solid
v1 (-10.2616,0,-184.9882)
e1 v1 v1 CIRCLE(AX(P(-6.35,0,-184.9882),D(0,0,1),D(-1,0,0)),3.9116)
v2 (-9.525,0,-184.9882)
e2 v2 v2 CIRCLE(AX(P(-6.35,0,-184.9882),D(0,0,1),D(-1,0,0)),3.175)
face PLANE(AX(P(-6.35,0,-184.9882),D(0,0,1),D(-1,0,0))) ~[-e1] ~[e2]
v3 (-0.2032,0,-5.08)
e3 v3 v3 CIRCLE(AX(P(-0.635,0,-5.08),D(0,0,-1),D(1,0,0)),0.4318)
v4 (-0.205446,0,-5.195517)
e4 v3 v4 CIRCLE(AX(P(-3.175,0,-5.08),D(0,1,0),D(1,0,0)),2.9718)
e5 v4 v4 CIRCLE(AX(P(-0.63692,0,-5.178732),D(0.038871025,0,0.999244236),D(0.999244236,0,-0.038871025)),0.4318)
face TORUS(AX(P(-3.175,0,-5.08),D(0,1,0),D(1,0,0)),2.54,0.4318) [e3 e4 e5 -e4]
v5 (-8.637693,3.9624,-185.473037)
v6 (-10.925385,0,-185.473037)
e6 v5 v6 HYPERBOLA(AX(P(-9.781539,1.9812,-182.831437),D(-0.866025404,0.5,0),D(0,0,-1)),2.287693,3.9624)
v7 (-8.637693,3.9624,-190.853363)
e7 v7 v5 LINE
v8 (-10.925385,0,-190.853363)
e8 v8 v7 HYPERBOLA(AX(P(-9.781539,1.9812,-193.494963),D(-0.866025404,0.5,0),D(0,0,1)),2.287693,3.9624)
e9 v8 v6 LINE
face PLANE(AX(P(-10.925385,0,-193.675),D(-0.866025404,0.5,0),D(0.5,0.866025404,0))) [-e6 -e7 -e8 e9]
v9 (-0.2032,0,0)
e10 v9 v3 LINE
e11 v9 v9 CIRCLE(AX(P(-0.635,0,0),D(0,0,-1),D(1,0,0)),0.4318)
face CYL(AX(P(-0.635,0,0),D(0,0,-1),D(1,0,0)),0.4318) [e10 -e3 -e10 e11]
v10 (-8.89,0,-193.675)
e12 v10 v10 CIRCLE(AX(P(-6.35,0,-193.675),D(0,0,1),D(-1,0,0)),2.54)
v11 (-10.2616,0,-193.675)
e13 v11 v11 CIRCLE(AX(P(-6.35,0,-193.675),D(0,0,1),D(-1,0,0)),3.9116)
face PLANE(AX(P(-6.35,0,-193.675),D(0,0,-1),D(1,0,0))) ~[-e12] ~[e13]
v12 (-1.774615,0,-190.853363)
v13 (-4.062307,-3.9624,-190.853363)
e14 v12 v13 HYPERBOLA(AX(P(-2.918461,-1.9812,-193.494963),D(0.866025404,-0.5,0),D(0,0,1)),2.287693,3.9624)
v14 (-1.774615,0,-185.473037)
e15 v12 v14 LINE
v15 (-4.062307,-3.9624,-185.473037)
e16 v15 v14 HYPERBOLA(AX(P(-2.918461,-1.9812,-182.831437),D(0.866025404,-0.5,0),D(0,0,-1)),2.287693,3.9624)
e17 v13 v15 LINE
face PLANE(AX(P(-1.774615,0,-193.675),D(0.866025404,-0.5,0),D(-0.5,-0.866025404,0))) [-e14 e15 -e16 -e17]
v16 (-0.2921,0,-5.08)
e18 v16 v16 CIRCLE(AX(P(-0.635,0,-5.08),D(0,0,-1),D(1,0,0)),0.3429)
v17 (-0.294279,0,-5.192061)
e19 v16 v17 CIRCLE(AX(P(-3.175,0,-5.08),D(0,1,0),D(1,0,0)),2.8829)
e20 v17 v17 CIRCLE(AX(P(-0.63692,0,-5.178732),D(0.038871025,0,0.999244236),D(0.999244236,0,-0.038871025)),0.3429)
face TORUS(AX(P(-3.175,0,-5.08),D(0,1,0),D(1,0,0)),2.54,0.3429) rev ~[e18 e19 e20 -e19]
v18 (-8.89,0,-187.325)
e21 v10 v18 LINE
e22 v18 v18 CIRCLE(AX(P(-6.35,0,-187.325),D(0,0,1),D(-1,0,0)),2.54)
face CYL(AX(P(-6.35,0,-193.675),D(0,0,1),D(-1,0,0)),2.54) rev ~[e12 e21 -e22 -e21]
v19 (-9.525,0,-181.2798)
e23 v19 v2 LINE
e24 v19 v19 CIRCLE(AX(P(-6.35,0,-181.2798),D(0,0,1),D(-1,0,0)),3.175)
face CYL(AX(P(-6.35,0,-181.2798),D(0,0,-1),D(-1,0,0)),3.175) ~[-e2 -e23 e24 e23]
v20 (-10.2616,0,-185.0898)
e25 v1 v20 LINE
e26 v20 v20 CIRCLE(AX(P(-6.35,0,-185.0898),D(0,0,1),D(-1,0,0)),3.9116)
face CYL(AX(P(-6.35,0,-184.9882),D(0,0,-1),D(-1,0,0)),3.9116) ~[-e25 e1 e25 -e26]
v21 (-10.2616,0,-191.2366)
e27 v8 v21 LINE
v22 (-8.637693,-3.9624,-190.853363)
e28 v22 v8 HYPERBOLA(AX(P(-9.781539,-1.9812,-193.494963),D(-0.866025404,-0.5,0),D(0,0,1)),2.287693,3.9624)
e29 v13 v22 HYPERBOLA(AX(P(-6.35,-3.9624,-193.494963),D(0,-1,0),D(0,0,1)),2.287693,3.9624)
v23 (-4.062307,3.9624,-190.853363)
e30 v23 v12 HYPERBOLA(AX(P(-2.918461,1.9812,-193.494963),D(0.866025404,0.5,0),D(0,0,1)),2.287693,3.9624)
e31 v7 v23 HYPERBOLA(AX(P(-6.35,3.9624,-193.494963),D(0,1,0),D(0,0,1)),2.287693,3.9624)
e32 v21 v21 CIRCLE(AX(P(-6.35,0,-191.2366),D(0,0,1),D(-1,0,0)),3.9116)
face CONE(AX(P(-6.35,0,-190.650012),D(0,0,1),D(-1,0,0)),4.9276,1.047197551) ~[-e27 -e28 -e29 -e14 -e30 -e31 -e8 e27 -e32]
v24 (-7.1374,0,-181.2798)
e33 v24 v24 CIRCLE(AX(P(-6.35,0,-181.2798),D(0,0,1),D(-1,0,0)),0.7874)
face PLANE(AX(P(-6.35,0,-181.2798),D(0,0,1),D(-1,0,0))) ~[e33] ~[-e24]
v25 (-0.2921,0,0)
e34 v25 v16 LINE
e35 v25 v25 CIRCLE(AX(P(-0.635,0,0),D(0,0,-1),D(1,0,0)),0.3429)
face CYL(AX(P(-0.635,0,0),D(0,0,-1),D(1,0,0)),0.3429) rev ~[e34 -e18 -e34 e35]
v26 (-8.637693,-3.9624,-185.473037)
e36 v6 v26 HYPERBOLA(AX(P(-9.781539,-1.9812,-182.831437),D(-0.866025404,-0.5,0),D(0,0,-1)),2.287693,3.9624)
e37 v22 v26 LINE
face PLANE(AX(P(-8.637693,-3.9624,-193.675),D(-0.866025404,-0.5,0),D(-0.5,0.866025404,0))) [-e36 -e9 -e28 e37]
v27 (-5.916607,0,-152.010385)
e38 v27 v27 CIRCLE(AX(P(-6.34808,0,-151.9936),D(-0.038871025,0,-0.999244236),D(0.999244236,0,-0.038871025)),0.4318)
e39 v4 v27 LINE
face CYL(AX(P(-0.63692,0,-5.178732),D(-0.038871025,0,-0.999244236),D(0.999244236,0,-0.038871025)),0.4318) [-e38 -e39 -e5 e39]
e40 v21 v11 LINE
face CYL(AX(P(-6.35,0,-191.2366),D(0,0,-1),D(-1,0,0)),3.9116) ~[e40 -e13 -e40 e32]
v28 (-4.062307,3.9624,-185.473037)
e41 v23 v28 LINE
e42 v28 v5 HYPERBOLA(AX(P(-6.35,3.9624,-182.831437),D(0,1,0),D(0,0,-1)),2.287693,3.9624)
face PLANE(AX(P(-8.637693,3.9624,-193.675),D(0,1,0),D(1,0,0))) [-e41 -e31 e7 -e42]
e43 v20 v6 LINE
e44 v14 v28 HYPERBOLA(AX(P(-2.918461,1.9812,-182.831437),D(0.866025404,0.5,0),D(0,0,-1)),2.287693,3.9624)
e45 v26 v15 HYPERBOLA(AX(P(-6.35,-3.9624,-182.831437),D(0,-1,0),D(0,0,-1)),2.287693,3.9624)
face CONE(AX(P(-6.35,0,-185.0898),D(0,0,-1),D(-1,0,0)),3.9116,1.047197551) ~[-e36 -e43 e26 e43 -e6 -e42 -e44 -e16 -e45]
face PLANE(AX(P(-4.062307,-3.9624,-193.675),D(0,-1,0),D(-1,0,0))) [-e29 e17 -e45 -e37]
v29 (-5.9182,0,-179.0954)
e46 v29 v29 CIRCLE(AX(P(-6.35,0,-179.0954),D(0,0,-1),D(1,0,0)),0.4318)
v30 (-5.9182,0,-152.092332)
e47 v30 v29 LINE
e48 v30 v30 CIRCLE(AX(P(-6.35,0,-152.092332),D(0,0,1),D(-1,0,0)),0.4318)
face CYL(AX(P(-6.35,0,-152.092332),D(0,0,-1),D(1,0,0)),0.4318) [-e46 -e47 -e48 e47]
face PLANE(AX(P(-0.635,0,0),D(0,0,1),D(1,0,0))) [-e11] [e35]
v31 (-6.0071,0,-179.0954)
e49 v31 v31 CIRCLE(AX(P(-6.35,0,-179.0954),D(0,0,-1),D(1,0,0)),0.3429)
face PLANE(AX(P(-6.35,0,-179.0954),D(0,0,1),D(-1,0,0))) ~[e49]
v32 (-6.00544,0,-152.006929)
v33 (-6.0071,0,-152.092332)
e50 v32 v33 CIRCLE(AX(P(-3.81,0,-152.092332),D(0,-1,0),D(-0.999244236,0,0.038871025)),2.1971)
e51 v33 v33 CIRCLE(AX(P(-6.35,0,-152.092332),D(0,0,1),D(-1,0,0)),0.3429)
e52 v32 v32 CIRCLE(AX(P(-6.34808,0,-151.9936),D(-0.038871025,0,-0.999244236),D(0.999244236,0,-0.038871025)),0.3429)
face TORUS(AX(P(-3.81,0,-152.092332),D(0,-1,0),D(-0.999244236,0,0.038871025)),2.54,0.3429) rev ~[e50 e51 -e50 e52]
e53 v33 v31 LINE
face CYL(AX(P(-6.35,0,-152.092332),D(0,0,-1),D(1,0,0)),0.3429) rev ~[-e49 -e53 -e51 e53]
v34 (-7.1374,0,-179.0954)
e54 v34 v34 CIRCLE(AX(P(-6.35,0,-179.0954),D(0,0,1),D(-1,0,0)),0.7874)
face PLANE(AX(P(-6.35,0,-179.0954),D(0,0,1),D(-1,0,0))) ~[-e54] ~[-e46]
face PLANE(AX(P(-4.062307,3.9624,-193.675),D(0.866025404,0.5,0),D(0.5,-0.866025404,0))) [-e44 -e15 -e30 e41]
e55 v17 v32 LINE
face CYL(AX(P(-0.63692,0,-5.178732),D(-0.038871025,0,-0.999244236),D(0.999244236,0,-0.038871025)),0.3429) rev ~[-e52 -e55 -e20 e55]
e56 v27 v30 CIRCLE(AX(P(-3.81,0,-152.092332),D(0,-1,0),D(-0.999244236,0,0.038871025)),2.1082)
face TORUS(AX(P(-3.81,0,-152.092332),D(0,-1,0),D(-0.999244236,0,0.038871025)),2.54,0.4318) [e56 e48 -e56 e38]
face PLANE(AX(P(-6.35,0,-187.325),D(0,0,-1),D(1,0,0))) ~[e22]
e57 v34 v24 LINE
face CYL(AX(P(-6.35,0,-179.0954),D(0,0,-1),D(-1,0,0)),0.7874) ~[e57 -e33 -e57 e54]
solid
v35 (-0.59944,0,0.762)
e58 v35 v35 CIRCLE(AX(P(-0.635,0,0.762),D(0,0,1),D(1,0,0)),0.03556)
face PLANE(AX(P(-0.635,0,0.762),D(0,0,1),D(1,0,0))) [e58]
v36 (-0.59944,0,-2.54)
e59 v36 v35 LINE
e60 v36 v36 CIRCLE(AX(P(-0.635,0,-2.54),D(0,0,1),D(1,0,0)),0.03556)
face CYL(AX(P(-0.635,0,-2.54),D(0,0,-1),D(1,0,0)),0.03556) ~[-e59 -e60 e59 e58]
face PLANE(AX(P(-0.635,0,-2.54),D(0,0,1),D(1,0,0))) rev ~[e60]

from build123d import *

# Parameters (mm, degrees)
SKETCH1_R                     = 0.4318000000000002
SKETCH1_R_2                   = 0.3429000000000006
CE_00_CONNECTOR_HEX_CUT_REACH = 196.066
SKETCH4_R                     = 5.293177826238989
BE_00_PIN_LNA_END_DEPTH       = 0.762
BE_00_PIN_LNA_END_DEPTH_BACK  = 2.54
SKETCH5_R                     = 0.03555999999999999


with BuildPart() as part:
    # SW-00 Jacket & Layout: sweep along a path in Sketch2
    with BuildLine(Plane(origin=(0, 0, 0), x_dir=(1, 0, 0), z_dir=(0, 1, 0))) as sw_00_jacket_layout_path:
        Line((-0.635, 0), (-0.635, 5.08))
        ThreePointArc((-0.635, 5.08), (-0.6354799554172685, 5.129375532022666), (-0.6369196402854498, 5.178732404160234))
        Line((-0.6369196402854498, 5.178732404160234), (-6.348080359714551, 151.99360009067468))
        ThreePointArc((-6.348080359714551, 151.99360009067468), (-6.349520044582732, 152.04295696281224), (-6.35, 152.0923324948349))
        Line((-6.35, 152.0923324948349), (-6.349999999999999, 181.27980002776076))
    # Sketch1 → SW-00 Jacket & Layout (sweep)
    with BuildSketch(Plane.XY):
        with Locations((-0.635, 0)):
            Circle(SKETCH1_R)
        with Locations((-0.635, 0)):
            Circle(SKETCH1_R_2, mode=Mode.SUBTRACT)
    sweep(path=sw_00_jacket_layout_path.line)

    # Sketch3 → BR-00 Connector Body (revolve)
    with BuildSketch(Plane(origin=(0, 0, 0), x_dir=(1, 0, 0), z_dir=(0, 1, 0)), mode=Mode.PRIVATE) as br_00_connector_body_sk:
        Polygon((-6.349999999999998, 179.09539999999998), (-5.562599999999998, 179.09539999999998), (-5.562599999999998, 181.2798), (-3.174999999999998, 181.2798), (-3.174999999999998, 184.98819999999998), (-2.4383999999999992, 184.98819999999998), (-2.4383999999999992, 185.08979999999997), (-1.4223999999999994, 185.67638787349662), (-1.4223999999999994, 190.65001212650333), (-2.4383999999999997, 191.23659999999998), (-2.4384, 193.67499999999998), (-3.8099999999999996, 193.67499999999998), (-3.8099999999999987, 187.325), (-6.349999999999999, 187.325), align=None)
    revolve(br_00_connector_body_sk.sketch.rotate(Axis((-6.349999999999999, 0, -187.325), (1.2e-16, 0, 1)), 180), axis=Axis((-6.349999999999999, 0, -187.325), (1.2e-16, 0, 1)))

    # CE-00 Connector Hex Cut: up to this cone (the profile starts inside it)
    ce_00_connector_hex_cut_end = Plane(origin=(-6.35, 0, -193.675), z_dir=(-1.2e-16, 0, -1)).offset(-10.843562312962199) * Cone(1.732050805e-06, 391.7745915726082, 226.1911649061025, align=(Align.CENTER, Align.CENTER, Align.MIN), mode=Mode.PRIVATE)
    # Sketch4 → CE-00 Connector Hex Cut (cut, up to the surface)
    with BuildSketch(Plane(origin=(-2.295e-14, 0, -193.67499999999998), x_dir=(-1, 0, 0), z_dir=(0, 0, -1)), mode=Mode.PRIVATE) as ce_00_connector_hex_cut_sk1:
        with Locations((6.349999999999954, 0)):
            Circle(SKETCH4_R)
        Polygon((10.925385413273895, -2.6e-15), (8.637692706636924, 3.9623999999999953), (4.062307293362984, 3.962399999999996), (1.7746145867260137, -3.6e-16), (4.062307293362983, -3.962399999999996), (8.637692706636926, -3.962399999999997), align=None, mode=Mode.SUBTRACT)
    ce_00_connector_hex_cut_tool1 = extrude(ce_00_connector_hex_cut_sk1.sketch, amount=-CE_00_CONNECTOR_HEX_CUT_REACH, mode=Mode.PRIVATE) & ce_00_connector_hex_cut_end
    add(ce_00_connector_hex_cut_tool1.solids().sort_by_distance((-1.206536, 0, -193.675))[0], mode=Mode.SUBTRACT)


with BuildPart() as body_2:
    # Sketch5 → BE-00 Pin LNA End (new, two sides: drawn at the far end of the back side and taken through both)
    with BuildSketch(Plane.XY.offset(-BE_00_PIN_LNA_END_DEPTH_BACK)):
        with Locations((-0.635, 0)):
            Circle(SKETCH5_R)
    extrude(amount=BE_00_PIN_LNA_END_DEPTH + BE_00_PIN_LNA_END_DEPTH_BACK)


solid = Compound([part.part, body_2.part])
